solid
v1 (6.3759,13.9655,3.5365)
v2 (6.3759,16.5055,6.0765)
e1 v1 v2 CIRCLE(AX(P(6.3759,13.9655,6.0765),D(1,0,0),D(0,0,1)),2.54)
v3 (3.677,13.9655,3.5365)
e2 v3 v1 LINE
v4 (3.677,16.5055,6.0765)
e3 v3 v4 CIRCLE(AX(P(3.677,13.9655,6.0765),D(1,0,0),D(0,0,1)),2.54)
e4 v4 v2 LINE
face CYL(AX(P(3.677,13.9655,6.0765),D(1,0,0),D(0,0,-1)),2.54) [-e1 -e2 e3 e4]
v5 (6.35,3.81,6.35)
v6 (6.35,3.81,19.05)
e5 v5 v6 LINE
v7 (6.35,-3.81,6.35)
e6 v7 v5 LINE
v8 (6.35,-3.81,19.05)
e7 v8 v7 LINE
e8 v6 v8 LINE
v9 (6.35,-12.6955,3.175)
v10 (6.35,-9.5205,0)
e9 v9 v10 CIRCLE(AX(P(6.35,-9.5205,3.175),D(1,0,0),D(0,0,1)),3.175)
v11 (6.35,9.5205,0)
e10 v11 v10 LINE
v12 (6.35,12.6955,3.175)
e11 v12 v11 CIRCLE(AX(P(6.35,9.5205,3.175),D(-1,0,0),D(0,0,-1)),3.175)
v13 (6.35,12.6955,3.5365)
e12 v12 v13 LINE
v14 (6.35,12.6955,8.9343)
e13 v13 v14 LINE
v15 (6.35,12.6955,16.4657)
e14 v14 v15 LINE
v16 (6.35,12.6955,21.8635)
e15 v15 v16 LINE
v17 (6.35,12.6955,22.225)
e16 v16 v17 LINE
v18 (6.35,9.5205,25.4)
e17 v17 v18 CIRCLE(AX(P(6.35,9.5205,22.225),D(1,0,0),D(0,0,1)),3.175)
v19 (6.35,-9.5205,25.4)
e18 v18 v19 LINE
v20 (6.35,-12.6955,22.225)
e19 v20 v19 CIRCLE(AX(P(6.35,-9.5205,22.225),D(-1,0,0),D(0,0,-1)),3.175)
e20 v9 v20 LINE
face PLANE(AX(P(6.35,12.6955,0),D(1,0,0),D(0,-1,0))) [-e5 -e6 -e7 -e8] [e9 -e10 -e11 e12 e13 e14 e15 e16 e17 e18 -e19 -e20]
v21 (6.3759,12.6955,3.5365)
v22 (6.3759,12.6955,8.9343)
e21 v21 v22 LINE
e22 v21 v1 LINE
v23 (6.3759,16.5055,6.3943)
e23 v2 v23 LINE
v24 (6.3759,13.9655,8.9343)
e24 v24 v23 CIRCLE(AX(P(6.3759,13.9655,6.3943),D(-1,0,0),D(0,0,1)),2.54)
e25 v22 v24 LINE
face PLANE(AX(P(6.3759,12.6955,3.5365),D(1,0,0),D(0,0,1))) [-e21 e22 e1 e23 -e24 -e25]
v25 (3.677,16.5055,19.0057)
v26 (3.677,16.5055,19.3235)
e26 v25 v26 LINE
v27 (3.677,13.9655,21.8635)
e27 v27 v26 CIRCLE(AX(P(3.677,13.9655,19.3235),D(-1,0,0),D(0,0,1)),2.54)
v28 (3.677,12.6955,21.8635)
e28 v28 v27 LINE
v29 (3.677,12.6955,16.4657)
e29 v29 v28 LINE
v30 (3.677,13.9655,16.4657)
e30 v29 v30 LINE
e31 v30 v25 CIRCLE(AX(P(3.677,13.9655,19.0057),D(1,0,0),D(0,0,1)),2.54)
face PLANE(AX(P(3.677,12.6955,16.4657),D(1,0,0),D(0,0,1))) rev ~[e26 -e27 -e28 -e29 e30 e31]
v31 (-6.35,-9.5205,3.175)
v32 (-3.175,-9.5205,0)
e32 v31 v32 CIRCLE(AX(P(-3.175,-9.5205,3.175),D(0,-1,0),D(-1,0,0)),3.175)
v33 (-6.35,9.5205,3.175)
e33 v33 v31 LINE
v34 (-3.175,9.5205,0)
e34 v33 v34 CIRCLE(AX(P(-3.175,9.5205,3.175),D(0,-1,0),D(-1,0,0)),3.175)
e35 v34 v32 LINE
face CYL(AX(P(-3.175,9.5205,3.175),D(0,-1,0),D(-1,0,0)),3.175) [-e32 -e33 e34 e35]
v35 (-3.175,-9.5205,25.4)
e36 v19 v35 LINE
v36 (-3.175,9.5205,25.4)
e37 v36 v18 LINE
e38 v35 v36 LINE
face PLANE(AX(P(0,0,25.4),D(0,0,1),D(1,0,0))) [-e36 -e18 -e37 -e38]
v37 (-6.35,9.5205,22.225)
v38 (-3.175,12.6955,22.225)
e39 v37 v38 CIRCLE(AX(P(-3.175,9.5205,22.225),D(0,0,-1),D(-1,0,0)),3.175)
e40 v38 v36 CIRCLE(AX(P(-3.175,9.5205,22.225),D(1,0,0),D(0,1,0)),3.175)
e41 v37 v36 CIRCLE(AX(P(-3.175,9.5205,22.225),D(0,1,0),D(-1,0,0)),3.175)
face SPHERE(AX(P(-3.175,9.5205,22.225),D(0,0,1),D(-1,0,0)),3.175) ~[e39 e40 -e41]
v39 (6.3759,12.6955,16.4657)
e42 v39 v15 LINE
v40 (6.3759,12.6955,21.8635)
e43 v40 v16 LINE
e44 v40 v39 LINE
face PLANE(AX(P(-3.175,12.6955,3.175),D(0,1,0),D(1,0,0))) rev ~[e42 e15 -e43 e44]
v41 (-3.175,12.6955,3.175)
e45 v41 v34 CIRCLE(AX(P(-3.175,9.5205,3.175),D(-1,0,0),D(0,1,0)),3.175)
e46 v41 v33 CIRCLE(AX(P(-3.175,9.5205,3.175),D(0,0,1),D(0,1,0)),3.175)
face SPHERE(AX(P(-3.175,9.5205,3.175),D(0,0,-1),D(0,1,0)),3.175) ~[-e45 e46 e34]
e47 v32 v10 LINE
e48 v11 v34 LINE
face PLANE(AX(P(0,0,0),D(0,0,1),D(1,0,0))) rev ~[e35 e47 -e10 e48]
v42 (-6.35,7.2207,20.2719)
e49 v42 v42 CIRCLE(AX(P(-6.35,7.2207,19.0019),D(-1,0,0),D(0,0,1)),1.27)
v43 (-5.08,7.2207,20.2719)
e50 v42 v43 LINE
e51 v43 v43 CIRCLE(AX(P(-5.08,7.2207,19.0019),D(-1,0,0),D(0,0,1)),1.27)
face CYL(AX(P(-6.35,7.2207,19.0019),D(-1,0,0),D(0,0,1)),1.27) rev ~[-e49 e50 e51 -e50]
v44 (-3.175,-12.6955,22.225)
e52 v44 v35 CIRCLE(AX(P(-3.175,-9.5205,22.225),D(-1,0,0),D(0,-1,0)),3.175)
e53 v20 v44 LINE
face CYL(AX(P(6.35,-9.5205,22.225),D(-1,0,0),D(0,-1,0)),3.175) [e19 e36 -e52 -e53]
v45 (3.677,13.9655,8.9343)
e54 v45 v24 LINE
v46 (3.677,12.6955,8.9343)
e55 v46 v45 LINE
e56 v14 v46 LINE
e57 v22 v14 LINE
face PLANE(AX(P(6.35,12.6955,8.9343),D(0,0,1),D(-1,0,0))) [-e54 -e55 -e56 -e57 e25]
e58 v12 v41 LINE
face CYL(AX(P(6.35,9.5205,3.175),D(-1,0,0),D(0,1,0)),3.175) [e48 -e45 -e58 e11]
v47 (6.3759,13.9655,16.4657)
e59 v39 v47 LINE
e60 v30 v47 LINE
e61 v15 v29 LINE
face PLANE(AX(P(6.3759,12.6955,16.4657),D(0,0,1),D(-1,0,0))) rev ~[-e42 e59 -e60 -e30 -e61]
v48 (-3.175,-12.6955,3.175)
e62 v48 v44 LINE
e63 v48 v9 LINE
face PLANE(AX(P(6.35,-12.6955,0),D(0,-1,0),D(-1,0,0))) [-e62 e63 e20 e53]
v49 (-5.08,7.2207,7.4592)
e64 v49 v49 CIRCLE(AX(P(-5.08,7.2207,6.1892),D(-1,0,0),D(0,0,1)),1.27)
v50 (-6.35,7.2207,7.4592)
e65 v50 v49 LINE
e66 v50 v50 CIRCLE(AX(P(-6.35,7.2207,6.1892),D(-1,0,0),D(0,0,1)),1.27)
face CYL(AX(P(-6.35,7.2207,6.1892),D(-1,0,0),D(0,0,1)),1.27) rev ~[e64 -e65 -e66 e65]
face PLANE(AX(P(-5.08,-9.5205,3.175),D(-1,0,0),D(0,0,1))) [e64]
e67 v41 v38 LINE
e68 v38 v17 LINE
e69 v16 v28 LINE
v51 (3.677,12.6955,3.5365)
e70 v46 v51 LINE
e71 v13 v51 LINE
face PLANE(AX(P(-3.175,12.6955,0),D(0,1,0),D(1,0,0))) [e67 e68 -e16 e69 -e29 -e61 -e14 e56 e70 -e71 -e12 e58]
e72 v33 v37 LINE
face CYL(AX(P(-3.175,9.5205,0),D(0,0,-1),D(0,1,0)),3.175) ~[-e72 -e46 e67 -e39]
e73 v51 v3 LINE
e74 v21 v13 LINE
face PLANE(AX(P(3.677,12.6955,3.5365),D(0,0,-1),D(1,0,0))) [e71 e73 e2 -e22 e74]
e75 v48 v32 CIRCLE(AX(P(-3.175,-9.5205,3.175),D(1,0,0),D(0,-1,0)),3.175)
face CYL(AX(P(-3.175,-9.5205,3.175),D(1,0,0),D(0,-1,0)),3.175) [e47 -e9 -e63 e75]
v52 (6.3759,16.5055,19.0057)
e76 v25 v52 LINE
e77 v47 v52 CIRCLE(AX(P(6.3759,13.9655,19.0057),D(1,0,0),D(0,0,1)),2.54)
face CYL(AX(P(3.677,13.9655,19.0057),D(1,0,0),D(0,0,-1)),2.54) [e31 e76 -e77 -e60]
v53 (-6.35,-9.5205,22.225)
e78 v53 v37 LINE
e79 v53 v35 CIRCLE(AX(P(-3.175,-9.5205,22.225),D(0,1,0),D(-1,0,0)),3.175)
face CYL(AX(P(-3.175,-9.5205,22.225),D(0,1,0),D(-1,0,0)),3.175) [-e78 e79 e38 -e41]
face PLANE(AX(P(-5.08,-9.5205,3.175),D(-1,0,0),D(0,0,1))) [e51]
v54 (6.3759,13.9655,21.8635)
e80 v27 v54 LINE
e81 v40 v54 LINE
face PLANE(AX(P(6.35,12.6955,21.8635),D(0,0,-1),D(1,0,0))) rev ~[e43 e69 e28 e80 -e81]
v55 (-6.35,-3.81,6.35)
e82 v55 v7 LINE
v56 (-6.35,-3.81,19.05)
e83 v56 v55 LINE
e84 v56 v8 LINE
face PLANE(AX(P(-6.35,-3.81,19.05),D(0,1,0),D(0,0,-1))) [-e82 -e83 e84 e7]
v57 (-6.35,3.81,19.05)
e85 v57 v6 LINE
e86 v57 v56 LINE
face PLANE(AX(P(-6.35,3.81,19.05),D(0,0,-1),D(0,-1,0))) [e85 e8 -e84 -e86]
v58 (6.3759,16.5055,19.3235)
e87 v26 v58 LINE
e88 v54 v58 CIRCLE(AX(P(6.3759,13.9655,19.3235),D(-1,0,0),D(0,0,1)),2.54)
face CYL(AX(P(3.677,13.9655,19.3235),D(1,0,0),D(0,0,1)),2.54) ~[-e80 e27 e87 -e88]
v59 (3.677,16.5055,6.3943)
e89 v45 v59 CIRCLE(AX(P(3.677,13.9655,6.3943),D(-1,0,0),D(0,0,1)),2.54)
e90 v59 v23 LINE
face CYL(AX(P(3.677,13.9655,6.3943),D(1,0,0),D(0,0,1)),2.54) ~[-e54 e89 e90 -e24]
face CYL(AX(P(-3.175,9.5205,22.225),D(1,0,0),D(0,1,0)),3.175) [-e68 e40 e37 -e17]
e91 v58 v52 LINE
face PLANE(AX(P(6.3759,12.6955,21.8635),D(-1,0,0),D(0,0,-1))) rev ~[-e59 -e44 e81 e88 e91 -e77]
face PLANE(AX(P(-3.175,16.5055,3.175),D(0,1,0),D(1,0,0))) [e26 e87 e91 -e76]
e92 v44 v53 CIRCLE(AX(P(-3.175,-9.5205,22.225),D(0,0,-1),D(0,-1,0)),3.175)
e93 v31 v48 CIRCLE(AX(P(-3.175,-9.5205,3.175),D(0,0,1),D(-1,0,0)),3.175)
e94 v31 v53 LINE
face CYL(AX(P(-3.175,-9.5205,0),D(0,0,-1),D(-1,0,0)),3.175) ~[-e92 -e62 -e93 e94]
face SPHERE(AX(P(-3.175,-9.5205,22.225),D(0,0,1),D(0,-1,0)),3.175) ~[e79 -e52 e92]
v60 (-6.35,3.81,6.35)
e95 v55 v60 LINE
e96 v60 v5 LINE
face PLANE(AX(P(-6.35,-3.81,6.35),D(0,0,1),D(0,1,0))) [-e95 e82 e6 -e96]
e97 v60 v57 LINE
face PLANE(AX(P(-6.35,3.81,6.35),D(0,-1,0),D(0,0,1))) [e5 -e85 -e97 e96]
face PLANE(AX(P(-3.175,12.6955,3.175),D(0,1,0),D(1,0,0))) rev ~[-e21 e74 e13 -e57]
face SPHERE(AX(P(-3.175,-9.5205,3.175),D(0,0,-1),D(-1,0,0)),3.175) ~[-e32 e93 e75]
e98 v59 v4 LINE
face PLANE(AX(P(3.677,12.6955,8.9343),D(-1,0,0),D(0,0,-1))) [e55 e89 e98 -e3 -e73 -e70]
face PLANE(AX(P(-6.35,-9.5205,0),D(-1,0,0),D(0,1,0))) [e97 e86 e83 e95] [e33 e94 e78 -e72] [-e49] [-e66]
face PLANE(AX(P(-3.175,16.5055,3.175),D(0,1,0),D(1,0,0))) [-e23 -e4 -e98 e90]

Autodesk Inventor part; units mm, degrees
ref_plane "YZ Plane" through (0, 0, 0) normal (1, 0, 0) x (0, 1, 0)
ref_plane "XZ Plane" through (0, 0, 0) normal (0, 1, 0) x (-1, 0, 0)
ref_plane "XY Plane" through (0, 0, 0) normal (0, 0, 1) x (1, 0, 0)
sketch "Sketch1" plane through (0, 0, 0) normal (0, 0, 1) x (1, 0, 0)
  line L0 (6.35, -12.6955) -> (-3.175, -12.6955)
  line L1 (-6.35, -9.5205) -> (-6.35, 9.5205)
  line L2 (-3.175, 12.6955) -> (6.35, 12.6955)
  line L3 (6.35, 12.6955) -> (6.35, -12.6955)
  line L4 (6.35, -12.6955) -> (-6.35, 12.6955) construction
  line L5 (-6.35, -12.6955) -> (6.35, 12.6955) construction
  arc A0 (-3.175, 12.6955) -> (-6.35, 9.5205) centre (-3.175, 9.5205) ccw
  arc A1 (-6.35, -9.5205) -> (-3.175, -12.6955) centre (-3.175, -9.5205) ccw
  point P0 (0, 0)
  dimension "d0" = 12.7
  dimension "d1" = 3.175
extrude "Extrusion1" add sketch "Sketch1" along normal blind 25.4
fillet "Fillet1" radius 3.175 10 edges at (-6.35, 0, 25.4) (-5.4201, -11.7656, 25.4) (1.5875, -12.6955, 25.4) (1.5875, 12.6955, 25.4) (-5.4201, 11.7656, 25.4) (-5.4201, 11.7656, 0) (1.5875, 12.6955, 0) (-5.4201, -11.7656, 0) (1.5875, -12.6955, 0) (-6.35, 0, 0)
sketch "Sketch2" plane through (-3.175, 12.6955, 3.175) normal (0, 1, 0) x (1, 0, 0)
  circle A0 centre (2.6716, -16.206) radius 2.54
  line L0 (0, 0) -> (0, -19.05) projected
  line L1 (9.525, 0) -> (9.525, -19.05) projected
  circle A1 centre (2.6716, -2.844) radius 2.54
  point P0 (3.175, 3.175)
  dimension "d5" = 5.08
extrude "Extrusion2" add sketch "Sketch2" along normal blind 12.7
sketch "Sketch3" plane through (-6.35, -9.5205, 3.175) normal (-1, 0, 0) x (0, 0, 1)
  line L0 (4.445, 6.9805) -> (14.605, 12.0605) construction
  line L1 (14.605, 6.9805) -> (4.445, 12.0605) construction
  line L2 (3.175, 5.7105) -> (3.175, 13.3305)
  line L3 (15.875, 13.3305) -> (15.875, 5.7105)
  line L4 (15.875, 5.0755) -> (3.175, 13.9655) construction
  line L5 (3.175, 5.0755) -> (15.875, 13.9655) construction
  line L6 (3.175, 13.3305) -> (15.875, 13.3305)
  line L7 (15.875, 13.3305) -> (15.875, 5.7105)
  line L8 (15.875, 5.7105) -> (3.175, 5.7105)
  line L9 (3.175, 5.7105) -> (3.175, 13.3305)
  line L10 (3.175, 13.3305) -> (15.875, 5.7105) construction
  line L11 (15.875, 13.3305) -> (3.175, 5.7105) construction
  point P0 (-3.175, 9.5205)
  point P1 (9.525, 9.5205)
  point P2 (15.875, 12.0605)
  point P3 (15.875, 6.9805)
  dimension "d25" = 7.62
extrude "Extrusion3" cut sketch "Sketch3" against normal blind 12.7
sketch "Sketch4" plane through (-0.5034, 25.3955, 19.381) normal (0, 1, 0) x (1, 0, 0)
  line L0 (-9.3616, 22.1264) -> (11.0198, 22.1264)
  line L1 (11.0198, 22.1264) -> (11.0198, -9.2368)
  line L2 (11.0198, -9.2368) -> (-9.3616, -9.2368)
  line L3 (-9.3616, -9.2368) -> (-9.3616, 22.1264)
  point P0 (0.5034, 19.381)
extrude "Extrusion4" cut sketch "Sketch4" against normal blind 12.7
sketch "Sketch5" plane through (-3.175, 12.6955, 3.175) normal (0, 1, 0) x (1, 0, 0)
  line L0 (6.852, -0.3615) -> (9.5509, -0.3615)
  line L1 (9.5509, -0.3615) -> (9.5509, -5.7593)
  line L2 (9.5509, -5.7593) -> (6.852, -5.7593)
  line L3 (6.852, -5.7593) -> (6.852, -0.3615)
  line L4 (6.852, -0.3615) -> (9.5509, -5.7593) construction
  line L5 (9.5509, -0.3615) -> (6.852, -5.7593) construction
  line L6 (0, 0) -> (0, -19.05) projected
  line L7 (9.525, 0) -> (9.525, -19.05) projected
  line L8 (6.852, -18.6885) -> (9.5509, -18.6885)
  line L9 (9.5509, -18.6885) -> (9.5509, -13.2907)
  line L10 (9.5509, -13.2907) -> (6.852, -13.2907)
  line L11 (6.852, -13.2907) -> (6.852, -18.6885)
  line L12 (6.852, -18.6885) -> (9.5509, -13.2907) construction
  line L13 (9.5509, -18.6885) -> (6.852, -13.2907) construction
  point P0 (3.175, 3.175)
  point P1 (8.2015, -3.0604)
  point P2 (8.2015, -15.9896)
extrude "Extrusion5" add sketch "Sketch5" along normal blind 3.81
fillet "Fillet2" radius 2.54 4 edges at (5.0265, 16.5055, 8.9343) (5.0265, 16.5055, 3.5365) (5.0265, 16.5055, 16.4657) (5.0265, 16.5055, 21.8635)
sketch "Sketch7" plane through (-6.35, -9.5205, 3.175) normal (-1, 0, 0) x (0, 0, 1)
  circle A0 centre (3.0142, 16.7412) radius 1.27
  circle A1 centre (15.8269, 16.7412) radius 1.27
  point P0 (-3.175, 9.5205)
  dimension "d26" = 2.54
  dimension "d27" = 2.54
extrude "Extrusion7" cut sketch "Sketch7" against normal blind 1.27
properties part number "pig_face"
